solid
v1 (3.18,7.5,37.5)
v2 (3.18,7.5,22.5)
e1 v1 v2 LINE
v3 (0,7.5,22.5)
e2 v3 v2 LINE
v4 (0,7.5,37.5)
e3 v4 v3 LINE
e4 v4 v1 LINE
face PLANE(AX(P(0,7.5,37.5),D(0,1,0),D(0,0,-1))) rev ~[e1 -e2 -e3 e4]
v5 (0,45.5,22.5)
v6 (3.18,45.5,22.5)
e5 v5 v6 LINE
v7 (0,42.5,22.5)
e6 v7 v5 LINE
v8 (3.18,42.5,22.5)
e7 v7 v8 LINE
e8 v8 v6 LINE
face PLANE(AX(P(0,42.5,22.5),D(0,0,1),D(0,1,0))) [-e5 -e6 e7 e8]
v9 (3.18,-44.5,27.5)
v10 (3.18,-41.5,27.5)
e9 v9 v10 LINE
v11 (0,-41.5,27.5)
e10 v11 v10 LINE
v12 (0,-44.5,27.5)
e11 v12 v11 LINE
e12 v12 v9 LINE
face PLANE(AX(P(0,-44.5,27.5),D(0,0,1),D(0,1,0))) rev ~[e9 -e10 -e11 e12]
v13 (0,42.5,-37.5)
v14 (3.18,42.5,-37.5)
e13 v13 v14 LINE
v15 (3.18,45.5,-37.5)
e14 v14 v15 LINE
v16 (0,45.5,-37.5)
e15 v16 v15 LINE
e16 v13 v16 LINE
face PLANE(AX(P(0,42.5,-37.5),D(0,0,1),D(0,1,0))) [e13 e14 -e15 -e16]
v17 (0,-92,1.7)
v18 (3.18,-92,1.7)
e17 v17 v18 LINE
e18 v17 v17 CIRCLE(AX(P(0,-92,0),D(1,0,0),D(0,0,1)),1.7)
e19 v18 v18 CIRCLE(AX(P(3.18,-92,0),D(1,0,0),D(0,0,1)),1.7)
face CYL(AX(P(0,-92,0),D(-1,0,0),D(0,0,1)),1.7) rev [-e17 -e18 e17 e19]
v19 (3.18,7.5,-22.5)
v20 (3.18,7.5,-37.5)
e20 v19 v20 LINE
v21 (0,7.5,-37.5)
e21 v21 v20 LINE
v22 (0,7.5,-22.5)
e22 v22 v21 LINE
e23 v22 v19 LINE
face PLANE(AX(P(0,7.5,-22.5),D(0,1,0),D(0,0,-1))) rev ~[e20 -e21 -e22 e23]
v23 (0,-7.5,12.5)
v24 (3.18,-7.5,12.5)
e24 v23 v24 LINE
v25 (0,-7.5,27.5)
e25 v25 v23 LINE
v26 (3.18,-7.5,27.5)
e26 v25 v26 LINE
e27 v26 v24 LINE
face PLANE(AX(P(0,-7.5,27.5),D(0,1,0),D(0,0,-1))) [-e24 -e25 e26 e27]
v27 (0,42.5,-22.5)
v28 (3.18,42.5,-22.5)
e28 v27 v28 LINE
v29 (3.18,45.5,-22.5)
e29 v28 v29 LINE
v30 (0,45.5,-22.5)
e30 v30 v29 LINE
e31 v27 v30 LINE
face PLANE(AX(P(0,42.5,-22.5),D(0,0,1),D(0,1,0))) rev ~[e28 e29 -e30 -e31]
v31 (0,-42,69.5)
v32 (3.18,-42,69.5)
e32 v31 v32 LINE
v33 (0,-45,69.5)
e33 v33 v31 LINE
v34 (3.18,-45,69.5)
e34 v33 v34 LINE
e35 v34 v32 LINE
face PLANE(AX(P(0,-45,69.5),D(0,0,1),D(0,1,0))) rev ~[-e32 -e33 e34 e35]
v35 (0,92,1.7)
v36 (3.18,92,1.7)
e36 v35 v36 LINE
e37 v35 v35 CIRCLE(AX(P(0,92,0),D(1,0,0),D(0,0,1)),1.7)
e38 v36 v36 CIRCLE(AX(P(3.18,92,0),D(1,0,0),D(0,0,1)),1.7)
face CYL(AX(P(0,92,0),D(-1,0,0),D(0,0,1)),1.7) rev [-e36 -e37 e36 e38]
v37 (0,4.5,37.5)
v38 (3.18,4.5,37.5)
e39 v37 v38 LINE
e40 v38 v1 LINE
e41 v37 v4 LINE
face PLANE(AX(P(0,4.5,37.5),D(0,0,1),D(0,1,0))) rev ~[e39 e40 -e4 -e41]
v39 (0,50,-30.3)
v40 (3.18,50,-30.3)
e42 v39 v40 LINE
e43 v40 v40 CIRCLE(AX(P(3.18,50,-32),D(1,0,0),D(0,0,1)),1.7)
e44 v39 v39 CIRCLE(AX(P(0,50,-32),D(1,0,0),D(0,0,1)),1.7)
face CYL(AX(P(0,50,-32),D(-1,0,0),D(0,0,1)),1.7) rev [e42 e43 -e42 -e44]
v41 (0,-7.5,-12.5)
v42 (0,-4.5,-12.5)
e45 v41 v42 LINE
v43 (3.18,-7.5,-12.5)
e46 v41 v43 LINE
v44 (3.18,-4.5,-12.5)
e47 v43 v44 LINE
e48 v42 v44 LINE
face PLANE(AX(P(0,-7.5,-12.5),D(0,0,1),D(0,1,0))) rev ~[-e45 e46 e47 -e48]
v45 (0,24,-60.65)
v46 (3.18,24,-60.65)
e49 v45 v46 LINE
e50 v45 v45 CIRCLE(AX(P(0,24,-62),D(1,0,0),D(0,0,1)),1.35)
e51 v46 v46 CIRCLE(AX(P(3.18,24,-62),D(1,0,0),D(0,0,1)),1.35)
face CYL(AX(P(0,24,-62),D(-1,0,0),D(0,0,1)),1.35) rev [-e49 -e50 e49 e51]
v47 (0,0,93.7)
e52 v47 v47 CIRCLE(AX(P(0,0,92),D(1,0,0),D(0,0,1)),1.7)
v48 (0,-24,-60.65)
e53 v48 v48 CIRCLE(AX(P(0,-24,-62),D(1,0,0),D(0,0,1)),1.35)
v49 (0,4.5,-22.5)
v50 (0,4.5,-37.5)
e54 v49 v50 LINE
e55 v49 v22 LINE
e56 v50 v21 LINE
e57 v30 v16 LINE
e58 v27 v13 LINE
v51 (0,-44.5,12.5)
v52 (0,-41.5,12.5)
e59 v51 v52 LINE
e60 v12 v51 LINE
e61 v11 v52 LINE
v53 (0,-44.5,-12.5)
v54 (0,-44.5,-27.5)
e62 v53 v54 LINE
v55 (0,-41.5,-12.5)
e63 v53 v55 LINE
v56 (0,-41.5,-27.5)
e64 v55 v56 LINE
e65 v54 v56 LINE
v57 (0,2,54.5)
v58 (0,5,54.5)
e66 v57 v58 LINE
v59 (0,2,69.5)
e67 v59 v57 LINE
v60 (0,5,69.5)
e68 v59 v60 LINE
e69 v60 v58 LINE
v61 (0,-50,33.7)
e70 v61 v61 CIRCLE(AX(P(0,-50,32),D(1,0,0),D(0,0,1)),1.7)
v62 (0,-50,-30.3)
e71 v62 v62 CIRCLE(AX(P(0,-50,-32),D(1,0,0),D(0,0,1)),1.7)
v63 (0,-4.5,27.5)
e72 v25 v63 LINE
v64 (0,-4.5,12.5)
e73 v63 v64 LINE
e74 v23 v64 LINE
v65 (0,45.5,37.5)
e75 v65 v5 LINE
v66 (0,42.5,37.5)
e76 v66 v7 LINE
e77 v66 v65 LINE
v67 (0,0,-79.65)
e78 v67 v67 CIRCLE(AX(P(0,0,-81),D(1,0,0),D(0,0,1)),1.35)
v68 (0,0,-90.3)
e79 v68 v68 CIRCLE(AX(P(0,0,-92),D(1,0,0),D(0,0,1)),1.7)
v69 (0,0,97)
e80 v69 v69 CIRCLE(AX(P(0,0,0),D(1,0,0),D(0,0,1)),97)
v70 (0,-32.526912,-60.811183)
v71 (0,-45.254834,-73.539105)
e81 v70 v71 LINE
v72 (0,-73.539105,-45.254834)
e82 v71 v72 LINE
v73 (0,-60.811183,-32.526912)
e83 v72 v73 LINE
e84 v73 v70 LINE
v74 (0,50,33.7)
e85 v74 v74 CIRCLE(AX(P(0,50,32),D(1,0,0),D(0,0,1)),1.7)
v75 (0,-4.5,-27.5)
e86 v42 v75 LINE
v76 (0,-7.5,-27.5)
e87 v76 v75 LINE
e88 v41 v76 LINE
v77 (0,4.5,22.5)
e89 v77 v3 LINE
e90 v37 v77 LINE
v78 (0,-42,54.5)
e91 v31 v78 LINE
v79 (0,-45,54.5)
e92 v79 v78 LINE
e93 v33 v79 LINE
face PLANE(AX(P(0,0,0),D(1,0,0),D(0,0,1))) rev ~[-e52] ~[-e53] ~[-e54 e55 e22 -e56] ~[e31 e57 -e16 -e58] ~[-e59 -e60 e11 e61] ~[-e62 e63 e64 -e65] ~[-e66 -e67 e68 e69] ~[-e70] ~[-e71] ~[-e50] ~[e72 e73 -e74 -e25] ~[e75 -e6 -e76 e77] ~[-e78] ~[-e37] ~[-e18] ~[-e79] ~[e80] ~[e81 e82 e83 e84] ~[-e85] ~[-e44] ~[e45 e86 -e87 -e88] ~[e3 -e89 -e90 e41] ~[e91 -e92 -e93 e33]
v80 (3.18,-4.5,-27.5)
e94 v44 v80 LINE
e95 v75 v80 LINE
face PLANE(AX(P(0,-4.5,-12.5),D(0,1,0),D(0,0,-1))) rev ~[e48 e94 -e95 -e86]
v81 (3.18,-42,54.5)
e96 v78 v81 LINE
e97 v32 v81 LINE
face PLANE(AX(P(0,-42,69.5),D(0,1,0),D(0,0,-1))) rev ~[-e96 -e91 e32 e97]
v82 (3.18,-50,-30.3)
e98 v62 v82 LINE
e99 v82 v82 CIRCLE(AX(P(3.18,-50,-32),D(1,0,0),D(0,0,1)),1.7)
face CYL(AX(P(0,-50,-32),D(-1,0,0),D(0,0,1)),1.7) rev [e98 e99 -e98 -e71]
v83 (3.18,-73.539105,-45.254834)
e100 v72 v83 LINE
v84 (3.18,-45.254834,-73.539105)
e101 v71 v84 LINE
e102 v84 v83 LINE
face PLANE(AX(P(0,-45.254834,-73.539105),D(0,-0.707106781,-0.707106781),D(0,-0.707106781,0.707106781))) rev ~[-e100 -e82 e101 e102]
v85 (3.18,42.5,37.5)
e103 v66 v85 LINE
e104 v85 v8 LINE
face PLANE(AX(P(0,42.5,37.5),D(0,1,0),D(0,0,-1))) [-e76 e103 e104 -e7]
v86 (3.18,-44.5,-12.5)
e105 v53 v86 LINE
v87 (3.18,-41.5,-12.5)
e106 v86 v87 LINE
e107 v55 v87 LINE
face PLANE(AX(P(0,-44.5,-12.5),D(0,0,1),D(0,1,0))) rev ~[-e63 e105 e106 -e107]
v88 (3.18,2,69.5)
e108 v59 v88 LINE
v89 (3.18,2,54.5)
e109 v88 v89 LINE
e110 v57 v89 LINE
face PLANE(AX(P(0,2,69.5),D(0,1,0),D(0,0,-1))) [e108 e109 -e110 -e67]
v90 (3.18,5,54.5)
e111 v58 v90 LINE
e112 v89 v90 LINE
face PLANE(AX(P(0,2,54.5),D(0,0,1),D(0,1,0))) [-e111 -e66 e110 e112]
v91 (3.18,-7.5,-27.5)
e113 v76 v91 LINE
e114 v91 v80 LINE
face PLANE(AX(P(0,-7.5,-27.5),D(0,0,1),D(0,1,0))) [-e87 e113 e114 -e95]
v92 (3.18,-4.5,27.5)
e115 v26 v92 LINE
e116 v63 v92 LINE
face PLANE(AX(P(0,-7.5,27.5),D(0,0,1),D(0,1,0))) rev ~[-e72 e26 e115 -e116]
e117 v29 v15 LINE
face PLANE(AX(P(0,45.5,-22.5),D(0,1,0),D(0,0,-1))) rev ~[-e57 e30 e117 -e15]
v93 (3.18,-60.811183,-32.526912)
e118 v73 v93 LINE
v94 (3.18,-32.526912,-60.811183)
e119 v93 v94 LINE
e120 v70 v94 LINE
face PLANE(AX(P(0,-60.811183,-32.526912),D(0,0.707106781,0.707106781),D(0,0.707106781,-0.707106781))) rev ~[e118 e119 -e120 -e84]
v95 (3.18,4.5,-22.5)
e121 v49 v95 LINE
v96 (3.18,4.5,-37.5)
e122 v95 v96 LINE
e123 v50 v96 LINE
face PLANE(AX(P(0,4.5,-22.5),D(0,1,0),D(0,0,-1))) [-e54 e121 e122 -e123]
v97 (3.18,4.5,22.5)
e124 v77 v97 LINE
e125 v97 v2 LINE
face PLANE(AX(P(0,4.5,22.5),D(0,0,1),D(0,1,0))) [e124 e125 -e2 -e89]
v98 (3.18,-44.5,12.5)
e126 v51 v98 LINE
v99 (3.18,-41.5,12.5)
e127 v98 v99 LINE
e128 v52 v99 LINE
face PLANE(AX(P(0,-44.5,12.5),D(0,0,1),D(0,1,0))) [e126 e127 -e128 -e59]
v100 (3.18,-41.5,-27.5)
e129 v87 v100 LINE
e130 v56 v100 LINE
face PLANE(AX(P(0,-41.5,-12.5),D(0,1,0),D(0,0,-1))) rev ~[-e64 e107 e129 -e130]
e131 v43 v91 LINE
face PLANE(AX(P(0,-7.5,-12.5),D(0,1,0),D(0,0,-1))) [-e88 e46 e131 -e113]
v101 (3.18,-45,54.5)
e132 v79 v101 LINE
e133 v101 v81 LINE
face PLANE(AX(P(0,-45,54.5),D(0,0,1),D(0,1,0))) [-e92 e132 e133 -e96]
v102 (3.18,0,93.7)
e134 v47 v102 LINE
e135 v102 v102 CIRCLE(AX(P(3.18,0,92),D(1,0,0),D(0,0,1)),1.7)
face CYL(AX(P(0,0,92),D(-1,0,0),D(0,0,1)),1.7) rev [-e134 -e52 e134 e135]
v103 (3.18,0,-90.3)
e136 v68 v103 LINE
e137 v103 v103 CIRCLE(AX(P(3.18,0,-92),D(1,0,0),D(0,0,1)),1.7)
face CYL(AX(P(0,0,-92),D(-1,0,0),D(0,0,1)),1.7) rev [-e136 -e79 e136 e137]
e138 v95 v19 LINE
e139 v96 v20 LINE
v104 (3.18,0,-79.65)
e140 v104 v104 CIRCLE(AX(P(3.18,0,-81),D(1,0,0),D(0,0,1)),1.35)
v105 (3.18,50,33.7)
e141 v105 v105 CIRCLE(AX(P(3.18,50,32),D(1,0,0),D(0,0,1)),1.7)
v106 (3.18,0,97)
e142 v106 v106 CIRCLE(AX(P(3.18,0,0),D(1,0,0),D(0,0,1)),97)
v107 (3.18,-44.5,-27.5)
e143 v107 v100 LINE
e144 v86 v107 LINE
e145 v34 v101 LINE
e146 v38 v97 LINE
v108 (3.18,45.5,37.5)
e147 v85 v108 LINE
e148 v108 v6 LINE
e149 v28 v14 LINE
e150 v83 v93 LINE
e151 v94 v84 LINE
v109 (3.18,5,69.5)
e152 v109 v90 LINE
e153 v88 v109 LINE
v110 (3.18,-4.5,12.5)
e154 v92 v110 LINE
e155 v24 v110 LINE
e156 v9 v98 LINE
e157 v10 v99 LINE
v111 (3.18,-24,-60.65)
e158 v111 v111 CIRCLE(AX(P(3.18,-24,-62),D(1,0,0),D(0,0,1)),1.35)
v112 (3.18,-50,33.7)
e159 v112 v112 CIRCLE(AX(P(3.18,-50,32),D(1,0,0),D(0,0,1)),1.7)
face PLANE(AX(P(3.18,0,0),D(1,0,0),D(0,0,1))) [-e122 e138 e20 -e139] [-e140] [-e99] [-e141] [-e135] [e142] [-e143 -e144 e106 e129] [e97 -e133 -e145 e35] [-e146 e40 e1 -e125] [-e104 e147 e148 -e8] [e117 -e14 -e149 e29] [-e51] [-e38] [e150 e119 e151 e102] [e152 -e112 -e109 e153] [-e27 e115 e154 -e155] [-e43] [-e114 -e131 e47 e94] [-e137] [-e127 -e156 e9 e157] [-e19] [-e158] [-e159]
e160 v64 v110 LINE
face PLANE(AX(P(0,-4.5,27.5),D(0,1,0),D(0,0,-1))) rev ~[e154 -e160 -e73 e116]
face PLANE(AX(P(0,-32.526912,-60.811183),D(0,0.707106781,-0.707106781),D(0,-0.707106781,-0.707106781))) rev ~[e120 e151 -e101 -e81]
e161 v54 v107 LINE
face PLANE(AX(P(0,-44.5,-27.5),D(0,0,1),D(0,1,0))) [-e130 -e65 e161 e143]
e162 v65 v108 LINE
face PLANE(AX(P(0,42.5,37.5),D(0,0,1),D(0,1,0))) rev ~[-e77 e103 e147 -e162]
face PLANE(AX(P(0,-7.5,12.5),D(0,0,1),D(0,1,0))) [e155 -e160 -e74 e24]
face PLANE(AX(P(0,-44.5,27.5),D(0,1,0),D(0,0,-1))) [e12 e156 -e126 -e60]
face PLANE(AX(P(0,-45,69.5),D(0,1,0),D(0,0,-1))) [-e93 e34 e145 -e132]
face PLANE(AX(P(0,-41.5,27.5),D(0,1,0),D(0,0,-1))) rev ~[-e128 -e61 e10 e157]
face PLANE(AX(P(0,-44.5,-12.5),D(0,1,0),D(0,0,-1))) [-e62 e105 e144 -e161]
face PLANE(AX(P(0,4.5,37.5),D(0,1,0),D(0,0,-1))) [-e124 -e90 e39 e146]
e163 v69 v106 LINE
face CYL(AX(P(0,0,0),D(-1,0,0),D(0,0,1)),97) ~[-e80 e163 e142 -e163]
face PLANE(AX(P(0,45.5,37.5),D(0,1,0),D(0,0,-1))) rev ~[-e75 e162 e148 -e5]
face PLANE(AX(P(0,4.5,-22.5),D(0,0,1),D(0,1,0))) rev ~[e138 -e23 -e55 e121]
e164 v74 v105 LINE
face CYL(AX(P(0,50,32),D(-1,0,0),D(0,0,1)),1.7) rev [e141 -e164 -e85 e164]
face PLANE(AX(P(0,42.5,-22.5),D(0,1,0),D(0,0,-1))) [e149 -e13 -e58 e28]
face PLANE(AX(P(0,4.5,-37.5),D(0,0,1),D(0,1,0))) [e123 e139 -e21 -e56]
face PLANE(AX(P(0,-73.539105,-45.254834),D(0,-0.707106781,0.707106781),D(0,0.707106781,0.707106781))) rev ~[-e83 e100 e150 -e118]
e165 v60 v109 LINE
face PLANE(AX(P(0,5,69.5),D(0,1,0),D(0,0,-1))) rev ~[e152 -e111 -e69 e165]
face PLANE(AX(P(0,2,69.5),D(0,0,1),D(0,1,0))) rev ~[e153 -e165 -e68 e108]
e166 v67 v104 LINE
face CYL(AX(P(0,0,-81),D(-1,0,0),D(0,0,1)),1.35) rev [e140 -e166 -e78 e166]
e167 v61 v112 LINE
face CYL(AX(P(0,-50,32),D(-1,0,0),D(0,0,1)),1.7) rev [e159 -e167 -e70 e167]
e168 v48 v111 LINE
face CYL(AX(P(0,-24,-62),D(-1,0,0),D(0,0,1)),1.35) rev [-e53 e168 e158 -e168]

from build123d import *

# Parameters (mm, degrees)
TRAY_SKETCH_R   = 97
TRAY_SKETCH_R_2 = 1.7
TRAY_SKETCH_R_3 = 1.35
TRAY_SKETCH_W   = 15
TRAY_SKETCH_H   = 3
TRAY_DEPTH      = 3.18


with BuildPart() as part:
    # Tray Sketch → Tray (new body)
    with BuildSketch(Plane(origin=(0, 0, 0), x_dir=(0, 0, -1), z_dir=(1, 0, 0))):
        Circle(TRAY_SKETCH_R)
        with Locations((0, 92)):
            Circle(TRAY_SKETCH_R_2, mode=Mode.SUBTRACT)
        with Locations((-92, 0)):
            Circle(TRAY_SKETCH_R_2, mode=Mode.SUBTRACT)
        with Locations((0, -92)):
            Circle(TRAY_SKETCH_R_2, mode=Mode.SUBTRACT)
        with Locations((92, 0)):
            Circle(TRAY_SKETCH_R_2, mode=Mode.SUBTRACT)
        with Locations((32, -50)):
            Circle(TRAY_SKETCH_R_2, mode=Mode.SUBTRACT)
        with Locations((-32, -50)):
            Circle(TRAY_SKETCH_R_2, mode=Mode.SUBTRACT)
        with Locations((32, 50)):
            Circle(TRAY_SKETCH_R_2, mode=Mode.SUBTRACT)
        with Locations((-32, 50)):
            Circle(TRAY_SKETCH_R_2, mode=Mode.SUBTRACT)
        with Locations((62, -24)):
            Circle(TRAY_SKETCH_R_3, mode=Mode.SUBTRACT)
        with Locations((62, 24)):
            Circle(TRAY_SKETCH_R_3, mode=Mode.SUBTRACT)
        with Locations((81, 0)):
            Circle(TRAY_SKETCH_R_3, mode=Mode.SUBTRACT)
        Polygon((32.526911935, -60.811183182), (60.811183182, -32.526911935), (73.539105243, -45.254833996), (45.254833996, -73.539105243), align=None, mode=Mode.SUBTRACT)
        with Locations((-30, 6)):
            Rectangle(TRAY_SKETCH_W, TRAY_SKETCH_H, mode=Mode.SUBTRACT)
        with Locations((-30, 44)):
            Rectangle(TRAY_SKETCH_W, TRAY_SKETCH_H, mode=Mode.SUBTRACT)
        with Locations((30, 6)):
            Rectangle(TRAY_SKETCH_W, TRAY_SKETCH_H, mode=Mode.SUBTRACT)
        with Locations((30, 44)):
            Rectangle(TRAY_SKETCH_W, TRAY_SKETCH_H, mode=Mode.SUBTRACT)
        with Locations((-20, -43)):
            Rectangle(TRAY_SKETCH_W, TRAY_SKETCH_H, mode=Mode.SUBTRACT)
        with Locations((-20, -6)):
            Rectangle(TRAY_SKETCH_W, TRAY_SKETCH_H, mode=Mode.SUBTRACT)
        with Locations((20, -43)):
            Rectangle(TRAY_SKETCH_W, TRAY_SKETCH_H, mode=Mode.SUBTRACT)
        with Locations((20, -6)):
            Rectangle(TRAY_SKETCH_W, TRAY_SKETCH_H, mode=Mode.SUBTRACT)
        with Locations((-62, -43.5)):
            Rectangle(TRAY_SKETCH_W, TRAY_SKETCH_H, mode=Mode.SUBTRACT)
        with Locations((-62, 3.5)):
            Rectangle(TRAY_SKETCH_W, TRAY_SKETCH_H, mode=Mode.SUBTRACT)
    extrude(amount=TRAY_DEPTH)


solid = part.part
